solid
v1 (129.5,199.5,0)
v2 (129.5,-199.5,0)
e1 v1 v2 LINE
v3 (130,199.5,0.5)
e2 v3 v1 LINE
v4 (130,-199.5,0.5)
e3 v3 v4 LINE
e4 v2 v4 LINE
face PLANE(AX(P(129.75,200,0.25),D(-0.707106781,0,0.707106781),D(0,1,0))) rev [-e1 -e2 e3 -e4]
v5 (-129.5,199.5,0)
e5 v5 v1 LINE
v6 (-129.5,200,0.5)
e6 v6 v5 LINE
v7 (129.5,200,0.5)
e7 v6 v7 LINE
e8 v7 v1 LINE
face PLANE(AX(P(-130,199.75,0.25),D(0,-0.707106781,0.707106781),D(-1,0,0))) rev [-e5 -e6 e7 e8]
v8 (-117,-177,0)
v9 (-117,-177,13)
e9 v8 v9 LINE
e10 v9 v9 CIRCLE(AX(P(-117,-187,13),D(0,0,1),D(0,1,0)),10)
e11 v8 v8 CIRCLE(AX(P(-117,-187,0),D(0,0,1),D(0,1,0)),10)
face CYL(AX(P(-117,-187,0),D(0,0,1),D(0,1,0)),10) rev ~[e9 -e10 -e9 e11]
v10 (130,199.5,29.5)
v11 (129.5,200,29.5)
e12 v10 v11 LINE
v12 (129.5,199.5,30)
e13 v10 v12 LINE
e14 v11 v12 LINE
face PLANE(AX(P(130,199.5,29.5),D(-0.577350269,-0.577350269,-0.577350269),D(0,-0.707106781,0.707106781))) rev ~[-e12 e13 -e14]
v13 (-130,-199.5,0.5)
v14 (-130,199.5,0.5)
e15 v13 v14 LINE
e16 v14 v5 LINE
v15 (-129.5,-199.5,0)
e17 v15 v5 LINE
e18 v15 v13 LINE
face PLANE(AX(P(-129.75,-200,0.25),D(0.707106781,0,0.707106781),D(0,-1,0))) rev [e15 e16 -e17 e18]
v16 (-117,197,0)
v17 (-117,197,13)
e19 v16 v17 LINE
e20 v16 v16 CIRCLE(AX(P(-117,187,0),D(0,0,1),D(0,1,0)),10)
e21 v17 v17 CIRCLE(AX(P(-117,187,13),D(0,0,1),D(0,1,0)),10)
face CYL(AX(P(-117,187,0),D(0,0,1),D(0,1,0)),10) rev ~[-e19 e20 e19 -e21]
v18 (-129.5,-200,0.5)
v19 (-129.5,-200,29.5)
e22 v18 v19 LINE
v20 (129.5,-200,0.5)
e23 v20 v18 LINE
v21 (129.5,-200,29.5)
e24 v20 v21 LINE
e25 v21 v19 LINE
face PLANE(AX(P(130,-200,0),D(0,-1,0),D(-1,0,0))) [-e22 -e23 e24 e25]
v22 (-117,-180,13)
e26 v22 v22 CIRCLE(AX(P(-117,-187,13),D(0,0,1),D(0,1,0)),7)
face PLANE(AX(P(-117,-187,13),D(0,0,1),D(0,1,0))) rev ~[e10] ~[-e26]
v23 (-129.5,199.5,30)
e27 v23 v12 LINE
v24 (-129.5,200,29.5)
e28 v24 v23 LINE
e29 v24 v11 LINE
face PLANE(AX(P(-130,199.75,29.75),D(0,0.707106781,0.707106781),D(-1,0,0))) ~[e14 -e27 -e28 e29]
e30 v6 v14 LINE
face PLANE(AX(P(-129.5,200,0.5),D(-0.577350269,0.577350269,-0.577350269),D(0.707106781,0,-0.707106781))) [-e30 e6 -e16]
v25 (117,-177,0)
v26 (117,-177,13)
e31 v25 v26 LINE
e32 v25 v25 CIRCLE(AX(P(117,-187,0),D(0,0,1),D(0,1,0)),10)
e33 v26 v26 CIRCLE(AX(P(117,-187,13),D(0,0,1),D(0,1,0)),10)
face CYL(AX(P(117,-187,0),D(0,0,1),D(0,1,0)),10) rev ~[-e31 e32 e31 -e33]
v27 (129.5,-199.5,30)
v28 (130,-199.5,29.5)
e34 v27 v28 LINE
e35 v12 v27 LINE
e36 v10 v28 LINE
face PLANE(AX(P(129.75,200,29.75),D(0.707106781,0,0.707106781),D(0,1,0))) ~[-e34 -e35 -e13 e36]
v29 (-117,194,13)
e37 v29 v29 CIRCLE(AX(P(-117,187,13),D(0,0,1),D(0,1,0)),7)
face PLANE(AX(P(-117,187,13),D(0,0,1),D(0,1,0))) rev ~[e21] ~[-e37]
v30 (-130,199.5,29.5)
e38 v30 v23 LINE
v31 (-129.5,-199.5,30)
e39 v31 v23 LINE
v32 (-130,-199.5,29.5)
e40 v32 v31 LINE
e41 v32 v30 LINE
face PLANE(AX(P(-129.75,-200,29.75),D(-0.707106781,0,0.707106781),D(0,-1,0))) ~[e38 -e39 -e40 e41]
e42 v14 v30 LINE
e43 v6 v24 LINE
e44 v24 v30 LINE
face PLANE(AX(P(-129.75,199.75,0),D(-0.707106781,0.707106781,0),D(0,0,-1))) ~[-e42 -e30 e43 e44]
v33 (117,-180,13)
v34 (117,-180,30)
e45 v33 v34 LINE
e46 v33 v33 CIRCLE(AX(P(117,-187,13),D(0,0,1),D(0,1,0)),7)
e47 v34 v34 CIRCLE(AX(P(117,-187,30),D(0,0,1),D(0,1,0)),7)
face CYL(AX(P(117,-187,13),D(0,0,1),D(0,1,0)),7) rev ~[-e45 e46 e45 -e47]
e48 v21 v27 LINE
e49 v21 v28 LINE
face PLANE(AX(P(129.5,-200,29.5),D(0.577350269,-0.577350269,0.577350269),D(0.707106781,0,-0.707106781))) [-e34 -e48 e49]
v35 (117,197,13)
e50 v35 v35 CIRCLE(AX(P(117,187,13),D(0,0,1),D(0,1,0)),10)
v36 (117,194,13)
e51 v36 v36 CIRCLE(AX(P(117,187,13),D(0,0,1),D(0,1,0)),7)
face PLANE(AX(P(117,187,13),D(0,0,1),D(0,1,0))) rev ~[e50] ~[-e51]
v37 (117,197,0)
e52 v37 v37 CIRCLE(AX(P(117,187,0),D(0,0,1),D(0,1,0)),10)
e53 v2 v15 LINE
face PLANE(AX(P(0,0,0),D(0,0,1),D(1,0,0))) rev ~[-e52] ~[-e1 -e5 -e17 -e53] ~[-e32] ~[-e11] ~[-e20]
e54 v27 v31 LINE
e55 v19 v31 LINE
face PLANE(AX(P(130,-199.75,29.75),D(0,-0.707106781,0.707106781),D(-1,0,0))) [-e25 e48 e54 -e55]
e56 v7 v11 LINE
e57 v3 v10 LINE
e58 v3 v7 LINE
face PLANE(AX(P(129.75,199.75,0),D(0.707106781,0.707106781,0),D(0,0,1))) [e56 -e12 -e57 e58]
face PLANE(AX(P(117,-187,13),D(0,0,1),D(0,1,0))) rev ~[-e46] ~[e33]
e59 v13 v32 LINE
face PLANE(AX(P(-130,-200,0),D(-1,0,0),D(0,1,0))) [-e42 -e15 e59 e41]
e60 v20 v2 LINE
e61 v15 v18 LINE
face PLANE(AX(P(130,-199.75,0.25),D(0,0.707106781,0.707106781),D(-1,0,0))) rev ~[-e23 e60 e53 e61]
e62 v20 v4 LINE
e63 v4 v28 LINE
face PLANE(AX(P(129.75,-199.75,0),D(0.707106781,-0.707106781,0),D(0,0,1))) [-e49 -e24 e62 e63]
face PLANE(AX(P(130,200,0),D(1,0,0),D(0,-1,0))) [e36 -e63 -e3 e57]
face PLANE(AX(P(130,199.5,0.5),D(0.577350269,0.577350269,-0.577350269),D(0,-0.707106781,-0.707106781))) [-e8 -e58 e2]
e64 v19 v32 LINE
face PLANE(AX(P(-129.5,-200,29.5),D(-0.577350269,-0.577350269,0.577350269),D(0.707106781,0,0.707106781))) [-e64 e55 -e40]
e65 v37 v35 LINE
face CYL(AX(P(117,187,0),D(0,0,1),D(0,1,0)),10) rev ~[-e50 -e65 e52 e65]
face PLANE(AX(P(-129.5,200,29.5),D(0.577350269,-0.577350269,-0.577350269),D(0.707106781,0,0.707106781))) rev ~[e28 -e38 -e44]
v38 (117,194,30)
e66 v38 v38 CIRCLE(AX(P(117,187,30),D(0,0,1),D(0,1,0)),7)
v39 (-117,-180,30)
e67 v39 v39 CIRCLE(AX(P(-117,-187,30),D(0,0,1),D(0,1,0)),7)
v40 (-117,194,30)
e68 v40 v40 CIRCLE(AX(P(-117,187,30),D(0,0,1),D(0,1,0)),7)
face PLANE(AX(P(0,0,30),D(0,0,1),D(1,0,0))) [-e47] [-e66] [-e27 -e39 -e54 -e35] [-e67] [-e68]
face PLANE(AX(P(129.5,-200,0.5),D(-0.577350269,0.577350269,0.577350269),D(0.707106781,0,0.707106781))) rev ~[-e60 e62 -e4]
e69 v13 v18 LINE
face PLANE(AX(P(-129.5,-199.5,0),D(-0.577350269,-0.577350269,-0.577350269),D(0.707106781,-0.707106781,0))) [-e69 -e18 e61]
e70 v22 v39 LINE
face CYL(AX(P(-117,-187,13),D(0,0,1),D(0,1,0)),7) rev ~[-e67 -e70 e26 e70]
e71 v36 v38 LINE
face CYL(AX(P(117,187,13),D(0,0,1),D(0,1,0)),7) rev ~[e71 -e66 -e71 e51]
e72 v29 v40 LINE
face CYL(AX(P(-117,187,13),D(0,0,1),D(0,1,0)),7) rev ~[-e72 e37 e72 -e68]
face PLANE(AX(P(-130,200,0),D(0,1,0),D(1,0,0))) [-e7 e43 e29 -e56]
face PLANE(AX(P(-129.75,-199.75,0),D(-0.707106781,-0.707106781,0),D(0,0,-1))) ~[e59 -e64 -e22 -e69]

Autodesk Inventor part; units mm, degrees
ref_plane "YZ Plane" through (0, 0, 0) normal (1, 0, 0) x (0, 1, 0)
ref_plane "XZ Plane" through (0, 0, 0) normal (0, 1, 0) x (-1, 0, 0)
ref_plane "XY Plane" through (0, 0, 0) normal (0, 0, 1) x (1, 0, 0)
sketch "Sketch1" plane through (0, 0, 0) normal (0, 0, 1) x (1, 0, 0)
  line L0 (-130, 200) -> (130, 200)
  line L1 (130, 200) -> (130, -200)
  line L2 (130, -200) -> (-130, -200)
  line L3 (-130, -200) -> (-130, 200)
  point P0 (0, 0)
  point P1 (-130, 0)
  point P2 (0, 200)
  point P3 (-117, 187)
  dimension "d74" = 117
  dimension "d75" = 187
  dimension "d92" = 260
  dimension "d93" = 400
extrude "Extrusion1" add sketch "Sketch1" along normal blind 30
hole "Hole1" at (-117, 187, 0) direction (0, 0, 1) diameter 14 depth 30 counterbore diameter 20 counterbore depth 13
pattern_linear "Rectangular Pattern1" count 2 spacing 374 along (0, -1, 0) count 2 spacing 234 along (1, 0, 0) of "Hole1"
chamfer "Chamfer1" distance 0.5 angle 45 12 edges at (-130, 0, 30) (-130, -200, 15) (-130, 0, 0) (-130, 200, 15) (0, 200, 30) (0, 200, 0) (130, 200, 15) (130, 0, 0) (130, 0, 30) (0, -200, 30) (0, -200, 0) (130, -200, 15)
equation "\"d74\" = 0.5 * S2_W"
equation "\"d75\" = 0.5 * S2_L"
equation "\"d92\" = W_"
equation "\"d93\" = L"
equation "\"d20\" = H_"
equation "\"d76\" = S2_d1"
equation "\"d78\" = S2_d2"
equation "\"d79\" = S2_k"
equation "\"d81\" = H_"
equation "\"L\" = 400"
equation "\"W_\" = 260"
equation "\"H_\" = 30"
equation "\"S2_W\" = 234"
equation "\"S2_d1\" = 14"
equation "\"S2_d2\" = 20"
equation "\"S2_k\" = 13"
equation "\"S2_L\" = 374"
properties part number "SA-EP-400x260x30" material "S 55 C"
